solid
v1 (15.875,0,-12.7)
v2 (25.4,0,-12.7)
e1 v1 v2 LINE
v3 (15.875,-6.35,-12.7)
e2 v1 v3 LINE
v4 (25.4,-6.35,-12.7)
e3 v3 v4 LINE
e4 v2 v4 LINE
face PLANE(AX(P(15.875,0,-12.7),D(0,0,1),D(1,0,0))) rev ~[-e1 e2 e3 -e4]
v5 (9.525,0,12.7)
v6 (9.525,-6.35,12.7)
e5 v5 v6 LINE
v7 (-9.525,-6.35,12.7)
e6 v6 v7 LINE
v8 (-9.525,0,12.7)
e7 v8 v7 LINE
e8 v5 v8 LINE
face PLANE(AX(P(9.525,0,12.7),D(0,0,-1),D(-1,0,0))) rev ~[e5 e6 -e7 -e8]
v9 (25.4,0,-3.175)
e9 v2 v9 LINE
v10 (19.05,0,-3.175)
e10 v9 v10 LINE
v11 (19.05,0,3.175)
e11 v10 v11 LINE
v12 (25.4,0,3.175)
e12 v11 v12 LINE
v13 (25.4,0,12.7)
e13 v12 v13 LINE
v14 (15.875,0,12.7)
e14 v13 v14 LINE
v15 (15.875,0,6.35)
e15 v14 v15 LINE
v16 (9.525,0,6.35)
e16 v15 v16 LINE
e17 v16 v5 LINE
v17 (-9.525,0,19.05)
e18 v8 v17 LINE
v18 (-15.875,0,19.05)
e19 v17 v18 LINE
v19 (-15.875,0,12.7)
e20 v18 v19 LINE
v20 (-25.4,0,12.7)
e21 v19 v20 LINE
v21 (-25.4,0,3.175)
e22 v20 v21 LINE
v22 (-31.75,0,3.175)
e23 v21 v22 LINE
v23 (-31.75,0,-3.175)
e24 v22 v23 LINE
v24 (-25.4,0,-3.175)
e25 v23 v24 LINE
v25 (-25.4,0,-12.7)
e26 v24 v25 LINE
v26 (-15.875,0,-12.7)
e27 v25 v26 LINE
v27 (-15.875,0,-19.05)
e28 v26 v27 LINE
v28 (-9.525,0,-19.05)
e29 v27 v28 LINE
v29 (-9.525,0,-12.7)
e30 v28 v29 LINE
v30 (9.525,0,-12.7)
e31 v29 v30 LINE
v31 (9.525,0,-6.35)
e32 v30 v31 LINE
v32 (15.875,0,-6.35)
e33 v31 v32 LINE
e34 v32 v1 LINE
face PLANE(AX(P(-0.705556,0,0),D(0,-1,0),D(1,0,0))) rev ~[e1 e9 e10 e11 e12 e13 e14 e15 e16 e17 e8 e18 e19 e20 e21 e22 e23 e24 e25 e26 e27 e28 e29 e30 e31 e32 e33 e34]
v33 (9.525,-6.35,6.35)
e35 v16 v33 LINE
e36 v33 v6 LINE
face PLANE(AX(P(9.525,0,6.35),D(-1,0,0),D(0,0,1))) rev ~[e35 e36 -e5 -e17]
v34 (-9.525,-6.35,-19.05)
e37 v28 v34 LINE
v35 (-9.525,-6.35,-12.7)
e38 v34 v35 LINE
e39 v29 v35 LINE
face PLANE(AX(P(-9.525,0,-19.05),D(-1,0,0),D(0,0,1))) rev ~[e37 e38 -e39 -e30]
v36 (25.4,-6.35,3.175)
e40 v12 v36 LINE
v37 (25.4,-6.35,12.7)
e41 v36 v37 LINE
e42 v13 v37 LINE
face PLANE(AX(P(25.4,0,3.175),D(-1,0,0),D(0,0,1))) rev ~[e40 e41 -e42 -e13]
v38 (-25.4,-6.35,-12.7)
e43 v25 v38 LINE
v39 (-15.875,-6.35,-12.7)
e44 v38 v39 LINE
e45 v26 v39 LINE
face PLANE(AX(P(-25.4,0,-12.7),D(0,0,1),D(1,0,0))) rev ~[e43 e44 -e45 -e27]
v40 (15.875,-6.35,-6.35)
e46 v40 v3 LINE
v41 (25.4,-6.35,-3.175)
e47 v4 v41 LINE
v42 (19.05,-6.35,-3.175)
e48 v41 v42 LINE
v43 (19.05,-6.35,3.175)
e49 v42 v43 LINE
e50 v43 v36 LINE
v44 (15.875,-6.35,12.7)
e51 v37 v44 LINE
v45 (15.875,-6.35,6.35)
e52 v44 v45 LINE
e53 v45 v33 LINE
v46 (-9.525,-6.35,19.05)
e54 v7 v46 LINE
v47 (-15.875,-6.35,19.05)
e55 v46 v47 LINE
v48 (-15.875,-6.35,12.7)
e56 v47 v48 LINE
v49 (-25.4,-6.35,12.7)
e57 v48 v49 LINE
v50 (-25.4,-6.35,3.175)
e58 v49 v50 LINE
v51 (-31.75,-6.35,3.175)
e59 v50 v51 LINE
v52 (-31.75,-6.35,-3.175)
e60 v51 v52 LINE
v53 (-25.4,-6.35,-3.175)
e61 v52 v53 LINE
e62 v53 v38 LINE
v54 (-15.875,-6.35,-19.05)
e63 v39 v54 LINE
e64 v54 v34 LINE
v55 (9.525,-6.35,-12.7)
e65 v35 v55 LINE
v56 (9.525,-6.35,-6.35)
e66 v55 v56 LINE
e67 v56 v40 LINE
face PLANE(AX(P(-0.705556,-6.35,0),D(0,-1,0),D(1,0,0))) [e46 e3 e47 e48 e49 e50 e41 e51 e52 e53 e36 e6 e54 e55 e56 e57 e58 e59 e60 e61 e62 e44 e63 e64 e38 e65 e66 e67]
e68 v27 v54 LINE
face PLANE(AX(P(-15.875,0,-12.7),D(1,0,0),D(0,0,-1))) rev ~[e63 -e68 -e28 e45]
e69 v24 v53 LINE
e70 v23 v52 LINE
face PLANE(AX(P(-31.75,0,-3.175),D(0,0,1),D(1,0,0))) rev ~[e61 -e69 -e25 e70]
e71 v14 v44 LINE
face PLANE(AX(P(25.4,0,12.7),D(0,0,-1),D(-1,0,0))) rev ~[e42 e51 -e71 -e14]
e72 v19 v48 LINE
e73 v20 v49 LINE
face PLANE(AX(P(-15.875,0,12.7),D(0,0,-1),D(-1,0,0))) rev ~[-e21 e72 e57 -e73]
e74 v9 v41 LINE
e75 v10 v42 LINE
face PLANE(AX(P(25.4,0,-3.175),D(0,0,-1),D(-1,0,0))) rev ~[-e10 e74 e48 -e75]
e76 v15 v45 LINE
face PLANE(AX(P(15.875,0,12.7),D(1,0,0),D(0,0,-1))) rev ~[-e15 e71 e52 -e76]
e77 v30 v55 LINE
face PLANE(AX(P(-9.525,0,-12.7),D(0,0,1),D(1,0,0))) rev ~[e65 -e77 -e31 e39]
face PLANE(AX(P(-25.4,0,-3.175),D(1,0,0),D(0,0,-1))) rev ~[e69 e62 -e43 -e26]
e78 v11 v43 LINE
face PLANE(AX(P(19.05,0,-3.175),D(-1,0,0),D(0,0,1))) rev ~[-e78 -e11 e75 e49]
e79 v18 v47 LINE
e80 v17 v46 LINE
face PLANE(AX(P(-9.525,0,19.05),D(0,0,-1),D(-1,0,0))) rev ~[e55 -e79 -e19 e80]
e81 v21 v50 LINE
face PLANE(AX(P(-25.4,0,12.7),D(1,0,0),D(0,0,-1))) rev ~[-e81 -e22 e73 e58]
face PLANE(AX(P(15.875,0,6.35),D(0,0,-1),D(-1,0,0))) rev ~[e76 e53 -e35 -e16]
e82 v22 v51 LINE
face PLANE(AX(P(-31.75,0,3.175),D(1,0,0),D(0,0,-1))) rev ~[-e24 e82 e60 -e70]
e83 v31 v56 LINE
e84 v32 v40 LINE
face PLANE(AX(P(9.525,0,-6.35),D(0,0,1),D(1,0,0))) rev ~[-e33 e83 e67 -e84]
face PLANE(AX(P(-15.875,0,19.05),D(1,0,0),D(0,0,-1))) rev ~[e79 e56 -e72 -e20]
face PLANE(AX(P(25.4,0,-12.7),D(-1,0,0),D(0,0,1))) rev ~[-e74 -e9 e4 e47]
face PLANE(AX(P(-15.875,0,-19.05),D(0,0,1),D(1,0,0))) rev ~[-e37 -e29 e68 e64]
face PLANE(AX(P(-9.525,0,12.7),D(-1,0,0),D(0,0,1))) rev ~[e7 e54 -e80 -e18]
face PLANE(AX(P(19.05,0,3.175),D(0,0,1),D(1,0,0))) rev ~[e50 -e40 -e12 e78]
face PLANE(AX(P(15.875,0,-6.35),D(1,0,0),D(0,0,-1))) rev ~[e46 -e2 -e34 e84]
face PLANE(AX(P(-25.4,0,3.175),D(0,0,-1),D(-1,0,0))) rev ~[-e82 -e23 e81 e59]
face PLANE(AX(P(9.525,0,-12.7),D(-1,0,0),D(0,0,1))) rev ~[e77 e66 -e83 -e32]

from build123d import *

# Parameters (mm, degrees)
F1_DEPTH = 6.35


with BuildPart() as f1:
    # F0 (on Front) → F1 (new body)
    with BuildSketch(Plane.XZ):
        Polygon((9.525, 12.7), (0, 12.7), (-9.525, 12.7), (-9.525, 19.05), (-15.875, 19.05), (-15.875, 12.7), (-25.4, 12.7), (-25.4, 3.175), (-31.75, 3.175), (-31.75, -3.175), (-25.4, -3.175), (-25.4, -12.7), (-15.875, -12.7), (-15.875, -19.05), (-9.525, -19.05), (-9.525, -12.7), (0, -12.7), (9.525, -12.7), (9.525, -6.35), (15.875, -6.35), (15.875, -12.7), (19.05, -12.7), (25.4, -12.7), (25.4, -3.175), (19.05, -3.175), (19.05, 3.175), (25.4, 3.175), (25.4, 12.7), (19.05, 12.7), (15.875, 12.7), (15.875, 6.35), (9.525, 6.35), align=None)
    extrude(amount=F1_DEPTH)


solid = f1.part
